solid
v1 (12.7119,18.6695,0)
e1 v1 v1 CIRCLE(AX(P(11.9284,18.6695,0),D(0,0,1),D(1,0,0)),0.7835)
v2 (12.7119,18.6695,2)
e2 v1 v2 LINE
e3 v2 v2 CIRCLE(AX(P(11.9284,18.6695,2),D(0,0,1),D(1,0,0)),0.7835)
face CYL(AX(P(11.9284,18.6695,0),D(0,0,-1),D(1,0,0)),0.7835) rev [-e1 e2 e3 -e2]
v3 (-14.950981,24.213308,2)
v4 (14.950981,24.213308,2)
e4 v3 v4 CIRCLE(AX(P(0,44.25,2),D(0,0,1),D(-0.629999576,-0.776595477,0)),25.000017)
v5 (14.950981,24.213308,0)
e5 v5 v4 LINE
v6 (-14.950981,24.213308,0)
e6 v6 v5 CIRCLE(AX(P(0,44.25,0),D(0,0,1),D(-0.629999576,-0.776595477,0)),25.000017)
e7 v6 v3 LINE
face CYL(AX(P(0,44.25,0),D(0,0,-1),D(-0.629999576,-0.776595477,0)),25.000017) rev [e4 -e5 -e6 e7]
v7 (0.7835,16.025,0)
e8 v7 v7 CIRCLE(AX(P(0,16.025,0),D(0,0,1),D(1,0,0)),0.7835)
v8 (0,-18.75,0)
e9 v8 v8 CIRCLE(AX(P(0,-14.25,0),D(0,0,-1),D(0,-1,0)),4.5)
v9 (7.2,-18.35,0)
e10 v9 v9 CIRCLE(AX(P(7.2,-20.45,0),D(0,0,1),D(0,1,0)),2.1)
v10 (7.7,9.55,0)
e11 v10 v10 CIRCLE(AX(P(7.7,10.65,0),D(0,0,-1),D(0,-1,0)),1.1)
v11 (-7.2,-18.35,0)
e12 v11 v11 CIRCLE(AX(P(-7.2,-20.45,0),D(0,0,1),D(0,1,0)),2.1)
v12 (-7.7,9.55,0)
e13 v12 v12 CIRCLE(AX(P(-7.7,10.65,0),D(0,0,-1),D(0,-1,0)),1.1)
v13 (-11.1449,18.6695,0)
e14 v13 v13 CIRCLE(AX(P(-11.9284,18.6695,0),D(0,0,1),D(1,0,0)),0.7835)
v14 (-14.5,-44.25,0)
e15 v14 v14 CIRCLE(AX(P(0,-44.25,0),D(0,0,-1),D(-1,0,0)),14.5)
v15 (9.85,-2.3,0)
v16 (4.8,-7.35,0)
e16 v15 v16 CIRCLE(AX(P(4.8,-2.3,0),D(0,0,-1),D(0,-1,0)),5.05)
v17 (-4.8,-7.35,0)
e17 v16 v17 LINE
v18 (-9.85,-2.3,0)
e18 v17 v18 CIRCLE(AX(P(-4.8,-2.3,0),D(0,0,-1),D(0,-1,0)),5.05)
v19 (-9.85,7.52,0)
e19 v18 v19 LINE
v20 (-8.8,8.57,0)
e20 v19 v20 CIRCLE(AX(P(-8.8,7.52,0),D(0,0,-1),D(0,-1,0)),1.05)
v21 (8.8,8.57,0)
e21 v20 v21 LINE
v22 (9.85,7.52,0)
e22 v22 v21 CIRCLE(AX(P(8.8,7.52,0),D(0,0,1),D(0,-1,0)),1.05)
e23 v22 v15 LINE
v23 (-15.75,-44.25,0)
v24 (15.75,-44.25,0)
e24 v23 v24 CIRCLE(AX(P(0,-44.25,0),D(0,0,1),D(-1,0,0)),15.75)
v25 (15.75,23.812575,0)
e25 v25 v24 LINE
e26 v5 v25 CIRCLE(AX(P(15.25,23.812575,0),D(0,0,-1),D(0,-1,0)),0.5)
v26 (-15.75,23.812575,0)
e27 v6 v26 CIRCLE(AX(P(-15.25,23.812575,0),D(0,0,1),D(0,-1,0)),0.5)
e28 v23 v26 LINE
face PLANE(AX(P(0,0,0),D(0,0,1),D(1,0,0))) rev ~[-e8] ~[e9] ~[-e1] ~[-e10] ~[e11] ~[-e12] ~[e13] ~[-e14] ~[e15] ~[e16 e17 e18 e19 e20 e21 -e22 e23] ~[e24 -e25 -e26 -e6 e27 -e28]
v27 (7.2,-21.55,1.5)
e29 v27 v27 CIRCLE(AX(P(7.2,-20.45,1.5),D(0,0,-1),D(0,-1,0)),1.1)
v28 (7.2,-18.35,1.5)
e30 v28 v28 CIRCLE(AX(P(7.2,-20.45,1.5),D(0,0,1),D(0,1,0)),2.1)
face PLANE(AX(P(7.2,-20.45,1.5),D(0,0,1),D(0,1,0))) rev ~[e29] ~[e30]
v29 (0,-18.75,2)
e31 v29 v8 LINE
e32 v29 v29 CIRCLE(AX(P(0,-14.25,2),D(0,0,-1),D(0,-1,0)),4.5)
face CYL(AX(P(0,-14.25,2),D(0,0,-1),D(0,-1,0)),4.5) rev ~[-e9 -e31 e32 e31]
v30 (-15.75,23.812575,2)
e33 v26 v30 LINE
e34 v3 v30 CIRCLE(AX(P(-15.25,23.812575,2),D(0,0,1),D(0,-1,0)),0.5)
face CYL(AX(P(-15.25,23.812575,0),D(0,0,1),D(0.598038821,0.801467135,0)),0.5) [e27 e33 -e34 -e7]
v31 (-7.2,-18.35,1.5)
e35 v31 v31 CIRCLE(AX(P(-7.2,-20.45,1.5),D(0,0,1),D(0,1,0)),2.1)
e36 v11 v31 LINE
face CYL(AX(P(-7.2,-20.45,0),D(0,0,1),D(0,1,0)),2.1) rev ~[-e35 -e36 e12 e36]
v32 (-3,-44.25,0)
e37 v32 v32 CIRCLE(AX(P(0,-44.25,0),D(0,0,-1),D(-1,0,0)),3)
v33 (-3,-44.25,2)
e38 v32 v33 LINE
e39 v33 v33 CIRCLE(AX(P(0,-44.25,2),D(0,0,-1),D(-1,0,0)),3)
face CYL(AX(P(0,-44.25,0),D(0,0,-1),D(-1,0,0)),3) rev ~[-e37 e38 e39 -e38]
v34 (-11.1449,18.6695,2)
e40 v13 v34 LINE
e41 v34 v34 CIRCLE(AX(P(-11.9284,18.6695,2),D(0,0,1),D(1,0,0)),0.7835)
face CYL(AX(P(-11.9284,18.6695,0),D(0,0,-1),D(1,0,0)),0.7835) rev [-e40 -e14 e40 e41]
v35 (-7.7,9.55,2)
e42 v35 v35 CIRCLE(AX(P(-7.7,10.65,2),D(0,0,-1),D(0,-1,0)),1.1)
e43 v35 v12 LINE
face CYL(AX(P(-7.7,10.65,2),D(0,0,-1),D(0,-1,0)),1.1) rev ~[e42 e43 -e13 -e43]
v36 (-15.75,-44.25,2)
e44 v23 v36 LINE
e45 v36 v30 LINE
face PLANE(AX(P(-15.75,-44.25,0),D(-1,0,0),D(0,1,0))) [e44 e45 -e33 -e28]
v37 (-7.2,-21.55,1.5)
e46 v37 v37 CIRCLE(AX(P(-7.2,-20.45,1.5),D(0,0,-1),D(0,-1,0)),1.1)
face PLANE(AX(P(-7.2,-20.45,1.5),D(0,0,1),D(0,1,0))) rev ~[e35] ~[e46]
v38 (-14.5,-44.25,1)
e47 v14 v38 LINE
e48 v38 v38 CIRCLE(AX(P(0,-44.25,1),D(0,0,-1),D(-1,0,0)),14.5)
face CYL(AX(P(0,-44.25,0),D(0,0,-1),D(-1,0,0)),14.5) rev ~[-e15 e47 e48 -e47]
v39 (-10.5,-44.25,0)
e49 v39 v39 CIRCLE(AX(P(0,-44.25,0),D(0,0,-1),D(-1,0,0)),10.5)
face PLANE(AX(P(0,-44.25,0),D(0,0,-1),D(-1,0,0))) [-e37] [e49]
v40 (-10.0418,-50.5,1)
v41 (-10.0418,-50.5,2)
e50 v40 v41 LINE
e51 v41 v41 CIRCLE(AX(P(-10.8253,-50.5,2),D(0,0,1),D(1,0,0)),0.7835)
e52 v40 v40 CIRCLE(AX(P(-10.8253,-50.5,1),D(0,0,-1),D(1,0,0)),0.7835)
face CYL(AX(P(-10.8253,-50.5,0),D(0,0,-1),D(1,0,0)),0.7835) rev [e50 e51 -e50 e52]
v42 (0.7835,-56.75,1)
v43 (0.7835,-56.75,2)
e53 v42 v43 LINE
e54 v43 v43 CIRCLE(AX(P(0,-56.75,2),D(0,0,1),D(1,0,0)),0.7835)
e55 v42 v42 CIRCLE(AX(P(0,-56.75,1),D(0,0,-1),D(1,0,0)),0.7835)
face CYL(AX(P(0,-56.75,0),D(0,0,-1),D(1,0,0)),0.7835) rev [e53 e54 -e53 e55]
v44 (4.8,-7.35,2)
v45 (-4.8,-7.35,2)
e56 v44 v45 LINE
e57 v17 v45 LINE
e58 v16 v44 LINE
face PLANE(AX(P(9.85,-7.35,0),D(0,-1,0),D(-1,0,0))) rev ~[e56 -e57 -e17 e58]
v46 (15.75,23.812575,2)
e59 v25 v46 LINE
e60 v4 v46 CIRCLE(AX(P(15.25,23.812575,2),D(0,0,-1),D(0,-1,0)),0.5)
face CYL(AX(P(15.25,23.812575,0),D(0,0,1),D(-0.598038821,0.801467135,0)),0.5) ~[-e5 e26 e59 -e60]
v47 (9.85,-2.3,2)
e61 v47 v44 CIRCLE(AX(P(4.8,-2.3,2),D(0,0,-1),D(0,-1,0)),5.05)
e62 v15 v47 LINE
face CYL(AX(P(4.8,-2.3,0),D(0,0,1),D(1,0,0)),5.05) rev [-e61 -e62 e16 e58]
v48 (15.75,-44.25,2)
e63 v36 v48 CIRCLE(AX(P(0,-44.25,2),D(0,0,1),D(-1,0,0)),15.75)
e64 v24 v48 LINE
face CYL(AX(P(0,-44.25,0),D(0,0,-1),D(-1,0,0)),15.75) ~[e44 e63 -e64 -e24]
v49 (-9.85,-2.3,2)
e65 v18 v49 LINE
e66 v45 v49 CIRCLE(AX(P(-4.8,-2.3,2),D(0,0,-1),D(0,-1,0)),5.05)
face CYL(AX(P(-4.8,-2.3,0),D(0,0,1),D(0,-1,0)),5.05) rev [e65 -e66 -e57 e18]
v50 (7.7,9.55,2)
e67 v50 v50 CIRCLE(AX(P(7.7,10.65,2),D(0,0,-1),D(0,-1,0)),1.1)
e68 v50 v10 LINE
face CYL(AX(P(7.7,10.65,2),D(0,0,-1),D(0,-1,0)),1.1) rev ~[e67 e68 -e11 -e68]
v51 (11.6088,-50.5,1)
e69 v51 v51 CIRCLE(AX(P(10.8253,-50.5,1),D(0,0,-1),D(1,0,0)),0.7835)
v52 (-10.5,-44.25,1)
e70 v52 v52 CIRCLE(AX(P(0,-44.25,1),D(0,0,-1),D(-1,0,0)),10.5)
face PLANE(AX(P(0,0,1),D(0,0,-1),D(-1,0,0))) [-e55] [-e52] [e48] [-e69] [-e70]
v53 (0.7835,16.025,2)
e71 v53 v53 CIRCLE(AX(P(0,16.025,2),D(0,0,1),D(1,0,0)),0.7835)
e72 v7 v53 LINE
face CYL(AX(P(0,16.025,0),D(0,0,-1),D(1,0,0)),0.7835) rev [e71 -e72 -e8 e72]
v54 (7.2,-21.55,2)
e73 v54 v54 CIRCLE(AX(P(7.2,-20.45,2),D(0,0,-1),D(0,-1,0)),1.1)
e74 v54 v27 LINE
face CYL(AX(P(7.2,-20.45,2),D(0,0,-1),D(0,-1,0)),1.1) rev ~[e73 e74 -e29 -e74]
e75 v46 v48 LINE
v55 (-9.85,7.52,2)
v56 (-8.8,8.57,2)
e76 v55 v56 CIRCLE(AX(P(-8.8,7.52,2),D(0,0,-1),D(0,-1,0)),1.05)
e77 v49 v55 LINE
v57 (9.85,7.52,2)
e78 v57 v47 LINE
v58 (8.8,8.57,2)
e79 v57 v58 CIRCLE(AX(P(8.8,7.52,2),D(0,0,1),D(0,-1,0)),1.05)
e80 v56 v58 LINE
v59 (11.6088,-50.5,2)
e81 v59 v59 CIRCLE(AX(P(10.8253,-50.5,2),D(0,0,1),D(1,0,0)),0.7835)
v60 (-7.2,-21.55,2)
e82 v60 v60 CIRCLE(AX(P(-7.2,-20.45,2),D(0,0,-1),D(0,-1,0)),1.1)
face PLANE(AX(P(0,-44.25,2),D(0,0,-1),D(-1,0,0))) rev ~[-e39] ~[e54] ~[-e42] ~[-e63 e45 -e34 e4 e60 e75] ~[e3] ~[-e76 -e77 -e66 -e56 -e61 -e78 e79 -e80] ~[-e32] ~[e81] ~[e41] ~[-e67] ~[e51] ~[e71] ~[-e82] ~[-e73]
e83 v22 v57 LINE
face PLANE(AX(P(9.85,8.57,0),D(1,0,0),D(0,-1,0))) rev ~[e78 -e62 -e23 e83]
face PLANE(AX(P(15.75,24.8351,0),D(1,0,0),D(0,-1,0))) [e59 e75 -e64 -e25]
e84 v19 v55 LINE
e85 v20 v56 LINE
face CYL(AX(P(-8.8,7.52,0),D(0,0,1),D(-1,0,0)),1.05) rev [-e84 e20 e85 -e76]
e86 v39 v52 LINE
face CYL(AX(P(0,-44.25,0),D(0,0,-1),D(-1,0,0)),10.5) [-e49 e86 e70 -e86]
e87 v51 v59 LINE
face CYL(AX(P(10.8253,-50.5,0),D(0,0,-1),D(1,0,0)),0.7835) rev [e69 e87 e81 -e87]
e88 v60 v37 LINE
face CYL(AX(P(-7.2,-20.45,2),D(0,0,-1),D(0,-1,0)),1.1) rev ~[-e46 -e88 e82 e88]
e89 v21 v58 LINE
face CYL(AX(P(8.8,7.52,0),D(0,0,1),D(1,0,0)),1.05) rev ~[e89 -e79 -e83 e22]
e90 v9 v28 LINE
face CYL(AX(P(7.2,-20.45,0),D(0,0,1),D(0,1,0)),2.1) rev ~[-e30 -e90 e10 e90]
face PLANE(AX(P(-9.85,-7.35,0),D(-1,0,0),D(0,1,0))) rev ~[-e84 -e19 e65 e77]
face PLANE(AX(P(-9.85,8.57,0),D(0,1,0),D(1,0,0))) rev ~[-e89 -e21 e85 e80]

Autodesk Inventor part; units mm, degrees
ref_plane "YZ Plane" through (0, 0, 0) normal (1, 0, 0) x (0, 1, 0)
ref_plane "XZ Plane" through (0, 0, 0) normal (0, 1, 0) x (-1, 0, 0)
ref_plane "XY Plane" through (0, 0, 0) normal (0, 0, 1) x (1, 0, 0)
sketch "スケッチ1" plane through (0, 0, 0) normal (0, 0, 1) x (1, 0, 0)
  circle A0 centre (-10.8253, -50.5) radius 0.7835
  circle A1 centre (0, -56.75) radius 0.7835
  circle A2 centre (10.8253, -50.5) radius 0.7835
  circle A3 centre (11.9284, 18.6695) radius 0.7835
  circle A4 centre (0, 16.025) radius 0.7835
  circle A5 centre (-11.9284, 18.6695) radius 0.7835
  line L0 (-9.85, -18.05) -> (-9.85, -7.35)
  arc A6 (-6.8, 12.8) -> (-9.85, 9.75) centre (-6.8, 9.75) ccw
  line L1 (-6.8, 12.8) -> (6.8, 12.8)
  arc A7 (9.85, 9.75) -> (6.8, 12.8) centre (6.8, 9.75) ccw
  line L2 (9.85, 9.75) -> (9.85, 8.57)
  arc A8 (4.8, -23.1) -> (9.85, -18.05) centre (4.8, -18.05) ccw
  line L3 (4.8, -23.1) -> (-4.8, -23.1)
  arc A9 (-9.85, -18.05) -> (-4.8, -23.1) centre (-4.8, -18.05) ccw
  circle A10 centre (0, -44.25) radius 4
  arc A11 (-15.75, 24.8351) -> (15.75, 24.8351) centre (0, 44.25) ccw
  line L4 (-15.75, -44.25) -> (-15.75, 24.8351)
  arc A12 (-15.75, -44.25) -> (15.75, -44.25) centre (0, -44.25) ccw
  line L5 (15.75, 24.8351) -> (15.75, -44.25)
  line L6 (-9.85, 8.57) -> (9.85, 8.57)
  line L7 (9.85, 8.57) -> (9.85, -7.35)
  line L8 (9.85, -7.35) -> (-9.85, -7.35)
  line L9 (-9.85, -7.35) -> (-9.85, 8.57)
  line L10 (9.85, 8.57) -> (9.85, -7.35)
  line L11 (-9.85, 8.57) -> (-9.85, 9.75)
  line L12 (-9.85, -7.35) -> (-9.85, 8.57)
  line L13 (9.85, -7.35) -> (9.85, -18.05)
  point P0 (0, 0)
  point P1 (0, 0)
  dimension "d3" = 4.23
  dimension "d4" = 15.75
extrude "押し出し2" add sketch "スケッチ1" along normal blind 2 contours L0 L8 L13 A8 L3 A9 | L11 A6 L1 A7 L2 L6 | A11 L5 A12 L4
sketch "スケッチ2" plane through (0, 0, 2) normal (0, 0, 1) x (1, 0, 0)
  line L0 (9.85, -7.35) -> (-9.85, -7.35) projected
  line L1 (15.75, 24.8351) -> (15.75, -44.25) projected
  line L2 (-15.75, -44.25) -> (-15.75, 24.8351) projected
  line L3 (0, 18.6695) -> (0, -60)
  point P0 (0, 0)
  point P1 (0, 0)
  point P2 (-7.7, 10.65)
  point P3 (-7.2, -20.45)
  point P4 (7.2, -20.45)
  point P5 (7.7, 10.65)
  point P6 (0, -14.25)
  dimension "d10" = 31.1
  dimension "d11" = 31.1
  dimension "d12" = 15.4
  dimension "d13" = 14.4
  dimension "d14" = 15.4
  dimension "d15" = 31.5
  dimension "d16" = 14.4
  dimension "d26" = 6.9
  dimension "d27" = 6.2
  dimension "d28" = 6.2
hole "Hole2" at (7.7, 10.65, 2) at (7.2, -20.45, 2) at (-7.2, -20.45, 2) at (-7.7, 10.65, 2) at (0, -14.25, 2) direction (0, 0, -1) diameter 2.2 depth 8 tip angle 118
sketch "スケッチ4" plane through (0, 0, 2) normal (0, 0, 1) x (1, 0, 0)
  point P0 (0, 0)
  point P1 (0, -14.25)
hole "Hole3" at (0, -14.25, 2) direction (0, 0, -1) diameter 9 depth 8 tip angle 118
fillet "フィレット3" radius 1.05 2 edges at (-9.85, 8.57, 1) (9.85, 8.57, 1)
fillet "フィレット4" radius 5.05 2 edges at (-9.85, -7.35, 1) (9.85, -7.35, 1)
sketch "スケッチ6" plane through (0, 0, 0) normal (0, 0, -1) x (-1, 0, 0)
  circle A0 centre (-10.8253, -50.5) radius 0.7835 projected
  circle A1 centre (0, -56.75) radius 0.7835 projected
  circle A2 centre (10.8253, -50.5) radius 0.7835 projected
  circle A3 centre (0, -44.25) radius 10.5
  circle A4 centre (0, -44.25) radius 14.5
  point P0 (0, 0)
  dimension "d50" = 21
  dimension "d51" = 29
extrude "押し出し4" cut sketch "スケッチ6" against normal blind 1
fillet "フィレット5" radius 0.5 2 edges at (-15.75, 24.8351, 1) (15.75, 24.8351, 1)
sketch "スケッチ8" plane through (0, 0, 0) normal (0, 0, -1) x (-1, 0, 0)
  circle A0 centre (-7.2, -20.45) radius 1.1 projected
  circle A1 centre (7.2, -20.45) radius 1.1 projected
  point P0 (0, 0)
hole "Hole5" at (7.2, -20.45, 0) at (-7.2, -20.45, 0) direction (0, 0, 1) diameter 4.2 depth 1.5
sketch "スケッチ9" plane through (0, -44.25, 0) normal (0, 0, -1) x (-1, 0, 0)
  circle A0 centre (0, 0) radius 4 projected
  circle A1 centre (0, 0) radius 3
  point P0 (0, 44.25)
  dimension "d69" = 6
extrude "押し出し6" add sketch "スケッチ9" against normal blind 2
equation "\"d11\" = d10"
equation "\"d14\" = d12"
equation "\"d16\" = d13"
properties part number "JointC2cover_2nd"
